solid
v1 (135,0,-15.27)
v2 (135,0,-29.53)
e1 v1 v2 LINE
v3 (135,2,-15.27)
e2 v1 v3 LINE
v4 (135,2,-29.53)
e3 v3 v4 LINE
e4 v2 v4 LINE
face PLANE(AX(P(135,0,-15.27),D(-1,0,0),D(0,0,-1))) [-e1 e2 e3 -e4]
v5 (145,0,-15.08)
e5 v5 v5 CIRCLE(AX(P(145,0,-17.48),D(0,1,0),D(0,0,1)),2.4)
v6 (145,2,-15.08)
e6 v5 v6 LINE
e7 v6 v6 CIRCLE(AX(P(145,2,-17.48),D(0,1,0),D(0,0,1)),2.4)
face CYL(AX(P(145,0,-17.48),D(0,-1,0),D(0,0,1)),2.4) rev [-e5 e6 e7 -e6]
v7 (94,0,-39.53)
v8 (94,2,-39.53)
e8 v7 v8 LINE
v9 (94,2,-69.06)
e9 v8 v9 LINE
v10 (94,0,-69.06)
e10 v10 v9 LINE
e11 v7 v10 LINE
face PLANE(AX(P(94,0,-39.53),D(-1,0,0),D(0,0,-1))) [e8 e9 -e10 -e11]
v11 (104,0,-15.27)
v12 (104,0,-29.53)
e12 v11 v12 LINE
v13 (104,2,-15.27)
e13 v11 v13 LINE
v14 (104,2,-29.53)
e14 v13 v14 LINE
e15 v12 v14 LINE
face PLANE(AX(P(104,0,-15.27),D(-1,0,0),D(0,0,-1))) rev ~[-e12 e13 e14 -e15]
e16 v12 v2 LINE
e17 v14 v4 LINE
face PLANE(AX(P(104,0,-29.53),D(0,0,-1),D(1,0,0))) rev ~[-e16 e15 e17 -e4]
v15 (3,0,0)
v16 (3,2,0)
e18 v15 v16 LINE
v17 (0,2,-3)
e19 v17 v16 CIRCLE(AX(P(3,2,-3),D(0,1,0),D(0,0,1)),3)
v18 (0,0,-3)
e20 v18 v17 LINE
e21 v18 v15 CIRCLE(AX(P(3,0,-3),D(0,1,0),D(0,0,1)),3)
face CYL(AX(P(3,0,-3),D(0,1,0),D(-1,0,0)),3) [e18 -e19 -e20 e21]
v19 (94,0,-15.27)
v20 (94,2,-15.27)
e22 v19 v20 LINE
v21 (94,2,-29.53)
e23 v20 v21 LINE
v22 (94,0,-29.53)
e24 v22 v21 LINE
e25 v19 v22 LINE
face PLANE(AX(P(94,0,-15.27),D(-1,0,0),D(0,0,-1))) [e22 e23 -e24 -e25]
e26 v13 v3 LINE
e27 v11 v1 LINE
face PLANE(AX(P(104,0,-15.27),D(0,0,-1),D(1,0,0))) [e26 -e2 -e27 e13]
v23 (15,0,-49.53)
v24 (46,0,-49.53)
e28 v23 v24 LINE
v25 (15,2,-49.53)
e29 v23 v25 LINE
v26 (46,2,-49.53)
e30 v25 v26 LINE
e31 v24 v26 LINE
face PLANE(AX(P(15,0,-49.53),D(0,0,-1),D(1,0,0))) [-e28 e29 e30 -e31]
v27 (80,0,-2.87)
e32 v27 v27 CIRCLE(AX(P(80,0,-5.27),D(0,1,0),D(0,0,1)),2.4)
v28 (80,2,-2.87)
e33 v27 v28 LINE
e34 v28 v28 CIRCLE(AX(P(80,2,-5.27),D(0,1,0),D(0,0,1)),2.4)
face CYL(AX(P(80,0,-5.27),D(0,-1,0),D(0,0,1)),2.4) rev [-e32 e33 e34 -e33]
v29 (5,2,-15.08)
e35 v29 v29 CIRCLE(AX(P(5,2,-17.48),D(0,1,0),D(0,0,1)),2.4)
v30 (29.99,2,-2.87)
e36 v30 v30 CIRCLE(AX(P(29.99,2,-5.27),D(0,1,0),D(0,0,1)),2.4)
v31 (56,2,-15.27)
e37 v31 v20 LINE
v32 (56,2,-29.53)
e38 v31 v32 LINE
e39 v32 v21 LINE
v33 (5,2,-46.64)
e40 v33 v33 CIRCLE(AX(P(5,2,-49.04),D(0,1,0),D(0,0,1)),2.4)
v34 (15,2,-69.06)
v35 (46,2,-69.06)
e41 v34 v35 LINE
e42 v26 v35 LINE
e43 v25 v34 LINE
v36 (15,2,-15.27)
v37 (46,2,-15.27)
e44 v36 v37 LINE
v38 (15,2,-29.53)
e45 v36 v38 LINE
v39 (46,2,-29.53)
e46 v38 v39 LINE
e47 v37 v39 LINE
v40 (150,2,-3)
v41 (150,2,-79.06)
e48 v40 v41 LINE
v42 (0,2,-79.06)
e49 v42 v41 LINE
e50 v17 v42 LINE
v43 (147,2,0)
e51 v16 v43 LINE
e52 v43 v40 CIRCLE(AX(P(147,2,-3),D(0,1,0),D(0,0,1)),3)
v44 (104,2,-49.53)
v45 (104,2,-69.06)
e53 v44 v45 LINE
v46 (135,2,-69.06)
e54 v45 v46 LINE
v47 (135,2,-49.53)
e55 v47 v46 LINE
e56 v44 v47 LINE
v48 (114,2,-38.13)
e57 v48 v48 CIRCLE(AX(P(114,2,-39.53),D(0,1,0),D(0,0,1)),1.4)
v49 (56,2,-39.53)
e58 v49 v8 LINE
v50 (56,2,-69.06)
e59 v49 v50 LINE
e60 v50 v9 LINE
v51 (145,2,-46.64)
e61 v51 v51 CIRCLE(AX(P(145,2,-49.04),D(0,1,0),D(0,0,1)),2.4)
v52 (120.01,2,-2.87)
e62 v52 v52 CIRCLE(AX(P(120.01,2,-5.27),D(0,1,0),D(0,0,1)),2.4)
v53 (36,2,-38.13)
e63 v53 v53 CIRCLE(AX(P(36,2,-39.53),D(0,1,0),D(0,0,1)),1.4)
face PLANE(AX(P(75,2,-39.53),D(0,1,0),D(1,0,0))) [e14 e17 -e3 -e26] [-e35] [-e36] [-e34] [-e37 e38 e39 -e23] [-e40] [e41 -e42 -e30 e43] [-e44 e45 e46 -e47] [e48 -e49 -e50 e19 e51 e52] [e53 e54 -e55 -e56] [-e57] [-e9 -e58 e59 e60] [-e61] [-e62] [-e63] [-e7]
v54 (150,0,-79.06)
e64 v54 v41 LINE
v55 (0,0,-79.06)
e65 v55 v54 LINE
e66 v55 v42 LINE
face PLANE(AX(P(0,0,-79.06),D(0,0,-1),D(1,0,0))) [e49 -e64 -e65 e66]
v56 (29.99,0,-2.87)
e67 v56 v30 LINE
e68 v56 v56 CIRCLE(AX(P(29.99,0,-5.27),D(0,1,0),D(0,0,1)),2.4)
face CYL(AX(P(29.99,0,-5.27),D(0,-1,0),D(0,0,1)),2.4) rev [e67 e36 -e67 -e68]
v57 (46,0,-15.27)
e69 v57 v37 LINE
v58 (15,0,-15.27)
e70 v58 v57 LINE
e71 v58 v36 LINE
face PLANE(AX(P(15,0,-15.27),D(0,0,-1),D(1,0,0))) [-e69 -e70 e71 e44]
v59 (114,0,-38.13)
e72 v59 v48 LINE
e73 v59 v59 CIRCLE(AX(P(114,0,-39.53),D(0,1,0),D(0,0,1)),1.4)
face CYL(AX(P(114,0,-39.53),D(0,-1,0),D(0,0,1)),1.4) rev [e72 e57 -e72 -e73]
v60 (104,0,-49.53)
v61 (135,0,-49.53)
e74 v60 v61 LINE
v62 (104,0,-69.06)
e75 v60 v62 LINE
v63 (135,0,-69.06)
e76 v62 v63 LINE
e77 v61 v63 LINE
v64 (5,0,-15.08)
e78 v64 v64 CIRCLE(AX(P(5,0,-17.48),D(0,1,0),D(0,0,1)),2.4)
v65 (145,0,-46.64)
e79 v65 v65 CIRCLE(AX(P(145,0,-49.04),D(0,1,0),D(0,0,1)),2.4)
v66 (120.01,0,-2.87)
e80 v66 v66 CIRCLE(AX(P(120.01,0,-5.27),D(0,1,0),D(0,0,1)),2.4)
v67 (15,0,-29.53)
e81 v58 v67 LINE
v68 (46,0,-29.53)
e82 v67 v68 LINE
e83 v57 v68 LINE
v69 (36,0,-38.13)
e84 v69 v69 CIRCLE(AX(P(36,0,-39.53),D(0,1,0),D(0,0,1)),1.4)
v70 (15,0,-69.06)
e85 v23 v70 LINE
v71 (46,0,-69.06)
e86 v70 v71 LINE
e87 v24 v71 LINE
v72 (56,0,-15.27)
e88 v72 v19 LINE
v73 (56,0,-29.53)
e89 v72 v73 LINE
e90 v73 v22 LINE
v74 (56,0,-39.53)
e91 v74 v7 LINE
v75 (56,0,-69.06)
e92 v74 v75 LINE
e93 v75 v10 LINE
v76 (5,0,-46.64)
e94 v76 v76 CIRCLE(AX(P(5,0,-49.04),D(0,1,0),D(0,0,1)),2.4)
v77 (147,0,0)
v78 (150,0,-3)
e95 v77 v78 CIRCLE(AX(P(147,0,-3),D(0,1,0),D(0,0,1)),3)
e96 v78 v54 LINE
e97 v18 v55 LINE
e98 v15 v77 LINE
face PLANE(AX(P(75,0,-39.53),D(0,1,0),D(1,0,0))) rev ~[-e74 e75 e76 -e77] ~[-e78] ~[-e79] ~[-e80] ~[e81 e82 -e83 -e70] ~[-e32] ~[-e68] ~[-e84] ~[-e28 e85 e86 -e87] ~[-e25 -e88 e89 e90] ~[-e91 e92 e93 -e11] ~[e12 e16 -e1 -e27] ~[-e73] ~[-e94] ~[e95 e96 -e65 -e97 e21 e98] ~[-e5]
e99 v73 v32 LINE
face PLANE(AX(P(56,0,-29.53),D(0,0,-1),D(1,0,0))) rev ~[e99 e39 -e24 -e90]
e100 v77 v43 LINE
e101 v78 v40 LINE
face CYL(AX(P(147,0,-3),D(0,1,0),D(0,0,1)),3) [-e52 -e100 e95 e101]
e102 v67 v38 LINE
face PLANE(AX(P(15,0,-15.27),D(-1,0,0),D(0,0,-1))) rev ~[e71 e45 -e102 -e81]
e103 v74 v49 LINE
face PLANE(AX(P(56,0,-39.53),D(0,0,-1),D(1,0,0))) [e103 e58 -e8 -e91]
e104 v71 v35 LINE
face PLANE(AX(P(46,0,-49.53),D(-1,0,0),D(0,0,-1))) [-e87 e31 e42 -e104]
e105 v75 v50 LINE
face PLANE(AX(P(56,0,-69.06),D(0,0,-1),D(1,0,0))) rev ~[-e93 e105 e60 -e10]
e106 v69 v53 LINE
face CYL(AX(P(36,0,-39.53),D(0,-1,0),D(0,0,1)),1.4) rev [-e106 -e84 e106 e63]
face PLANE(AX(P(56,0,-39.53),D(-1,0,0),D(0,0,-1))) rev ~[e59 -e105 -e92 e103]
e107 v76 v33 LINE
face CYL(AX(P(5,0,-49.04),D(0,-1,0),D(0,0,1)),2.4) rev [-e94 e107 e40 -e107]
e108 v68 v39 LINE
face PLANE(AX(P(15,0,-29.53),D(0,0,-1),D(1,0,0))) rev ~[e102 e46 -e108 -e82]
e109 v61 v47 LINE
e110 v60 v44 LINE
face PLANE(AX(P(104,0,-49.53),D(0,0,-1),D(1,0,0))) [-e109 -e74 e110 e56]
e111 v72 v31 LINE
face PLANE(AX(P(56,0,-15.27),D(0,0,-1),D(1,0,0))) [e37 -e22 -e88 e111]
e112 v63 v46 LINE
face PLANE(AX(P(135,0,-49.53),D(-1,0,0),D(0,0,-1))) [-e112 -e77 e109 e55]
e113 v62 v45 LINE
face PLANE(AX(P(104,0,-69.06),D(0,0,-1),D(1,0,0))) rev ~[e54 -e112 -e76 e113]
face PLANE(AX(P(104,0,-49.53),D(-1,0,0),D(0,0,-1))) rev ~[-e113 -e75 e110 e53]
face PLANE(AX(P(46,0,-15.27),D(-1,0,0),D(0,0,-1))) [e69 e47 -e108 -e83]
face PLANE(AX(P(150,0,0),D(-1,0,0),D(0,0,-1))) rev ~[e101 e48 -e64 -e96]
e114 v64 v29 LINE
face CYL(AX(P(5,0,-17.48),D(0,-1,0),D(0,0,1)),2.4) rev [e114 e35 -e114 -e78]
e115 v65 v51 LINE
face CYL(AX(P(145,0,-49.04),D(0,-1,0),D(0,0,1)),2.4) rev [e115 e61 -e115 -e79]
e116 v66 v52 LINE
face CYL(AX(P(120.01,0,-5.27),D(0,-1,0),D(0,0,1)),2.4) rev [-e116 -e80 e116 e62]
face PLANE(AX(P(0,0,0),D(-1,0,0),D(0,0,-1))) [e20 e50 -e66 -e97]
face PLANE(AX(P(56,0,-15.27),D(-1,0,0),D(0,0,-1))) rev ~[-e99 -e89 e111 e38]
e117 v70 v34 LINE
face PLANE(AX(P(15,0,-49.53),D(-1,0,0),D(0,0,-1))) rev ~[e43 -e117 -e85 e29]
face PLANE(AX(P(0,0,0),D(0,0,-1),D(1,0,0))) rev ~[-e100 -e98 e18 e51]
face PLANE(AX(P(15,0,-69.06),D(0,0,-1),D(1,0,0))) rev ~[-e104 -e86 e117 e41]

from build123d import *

# Parameters (mm, degrees)
ESQUISSE1_W        = 150
ESQUISSE1_H        = 79.06
ESQUISSE1_R        = 2.4
ESQUISSE1_R_2      = 1.4
ESQUISSE1_W_2      = 31
ESQUISSE1_H_2      = 19.53
ESQUISSE1_W_3      = 38
ESQUISSE1_H_3      = 29.53
ESQUISSE1_H_4      = 14.26
BOSS_EXTRU_1_DEPTH = 2
CONG_1_R           = 3


with BuildPart() as part:
    # Esquisse1 → Boss.-Extru.1 (new body)
    with BuildSketch(Plane(origin=(0, 0, 0), x_dir=(1, 0, 0), z_dir=(0, 1, 0))):
        with Locations((75, 39.53)):
            Rectangle(ESQUISSE1_W, ESQUISSE1_H)
        with Locations(Location((5, 49.04, 0), (0, 0, 270))):
            Circle(ESQUISSE1_R, mode=Mode.SUBTRACT)
        with Locations(Location((5, 17.48, 0), (0, 0, 270))):
            Circle(ESQUISSE1_R, mode=Mode.SUBTRACT)
        with Locations(Location((29.99, 5.27, 0), (0, 0, 270))):
            Circle(ESQUISSE1_R, mode=Mode.SUBTRACT)
        with Locations(Location((80, 5.27, 0), (0, 0, 270))):
            Circle(ESQUISSE1_R, mode=Mode.SUBTRACT)
        with Locations(Location((120.01, 5.27, 0), (0, 0, 270))):
            Circle(ESQUISSE1_R, mode=Mode.SUBTRACT)
        with Locations(Location((145, 49.04, 0), (0, 0, 270))):
            Circle(ESQUISSE1_R, mode=Mode.SUBTRACT)
        with Locations(Location((145, 17.48, 0), (0, 0, 270))):
            Circle(ESQUISSE1_R, mode=Mode.SUBTRACT)
        with Locations(Location((36, 39.53, 0), (0, 0, 270))):
            Circle(ESQUISSE1_R_2, mode=Mode.SUBTRACT)
        with Locations(Location((114, 39.53, 0), (0, 0, 270))):
            Circle(ESQUISSE1_R_2, mode=Mode.SUBTRACT)
        with Locations((30.5, 59.295)):
            Rectangle(ESQUISSE1_W_2, ESQUISSE1_H_2, mode=Mode.SUBTRACT)
        with Locations((75, 54.295)):
            Rectangle(ESQUISSE1_W_3, ESQUISSE1_H_3, mode=Mode.SUBTRACT)
        with Locations((119.5, 59.295)):
            Rectangle(ESQUISSE1_W_2, ESQUISSE1_H_2, mode=Mode.SUBTRACT)
        with Locations((119.5, 22.4)):
            Rectangle(ESQUISSE1_W_2, ESQUISSE1_H_4, mode=Mode.SUBTRACT)
        with Locations((75, 22.4)):
            Rectangle(ESQUISSE1_W_3, ESQUISSE1_H_4, mode=Mode.SUBTRACT)
        with Locations((30.5, 22.4)):
            Rectangle(ESQUISSE1_W_2, ESQUISSE1_H_4, mode=Mode.SUBTRACT)
    extrude(amount=BOSS_EXTRU_1_DEPTH)

    # Congé1
    cong_1_edges = [part.edges().sort_by_distance(p)[0] for p in [
        (150, 1, 0),
        (0, 1, 0),
    ]]
    fillet(cong_1_edges, radius=CONG_1_R)


solid = part.part
